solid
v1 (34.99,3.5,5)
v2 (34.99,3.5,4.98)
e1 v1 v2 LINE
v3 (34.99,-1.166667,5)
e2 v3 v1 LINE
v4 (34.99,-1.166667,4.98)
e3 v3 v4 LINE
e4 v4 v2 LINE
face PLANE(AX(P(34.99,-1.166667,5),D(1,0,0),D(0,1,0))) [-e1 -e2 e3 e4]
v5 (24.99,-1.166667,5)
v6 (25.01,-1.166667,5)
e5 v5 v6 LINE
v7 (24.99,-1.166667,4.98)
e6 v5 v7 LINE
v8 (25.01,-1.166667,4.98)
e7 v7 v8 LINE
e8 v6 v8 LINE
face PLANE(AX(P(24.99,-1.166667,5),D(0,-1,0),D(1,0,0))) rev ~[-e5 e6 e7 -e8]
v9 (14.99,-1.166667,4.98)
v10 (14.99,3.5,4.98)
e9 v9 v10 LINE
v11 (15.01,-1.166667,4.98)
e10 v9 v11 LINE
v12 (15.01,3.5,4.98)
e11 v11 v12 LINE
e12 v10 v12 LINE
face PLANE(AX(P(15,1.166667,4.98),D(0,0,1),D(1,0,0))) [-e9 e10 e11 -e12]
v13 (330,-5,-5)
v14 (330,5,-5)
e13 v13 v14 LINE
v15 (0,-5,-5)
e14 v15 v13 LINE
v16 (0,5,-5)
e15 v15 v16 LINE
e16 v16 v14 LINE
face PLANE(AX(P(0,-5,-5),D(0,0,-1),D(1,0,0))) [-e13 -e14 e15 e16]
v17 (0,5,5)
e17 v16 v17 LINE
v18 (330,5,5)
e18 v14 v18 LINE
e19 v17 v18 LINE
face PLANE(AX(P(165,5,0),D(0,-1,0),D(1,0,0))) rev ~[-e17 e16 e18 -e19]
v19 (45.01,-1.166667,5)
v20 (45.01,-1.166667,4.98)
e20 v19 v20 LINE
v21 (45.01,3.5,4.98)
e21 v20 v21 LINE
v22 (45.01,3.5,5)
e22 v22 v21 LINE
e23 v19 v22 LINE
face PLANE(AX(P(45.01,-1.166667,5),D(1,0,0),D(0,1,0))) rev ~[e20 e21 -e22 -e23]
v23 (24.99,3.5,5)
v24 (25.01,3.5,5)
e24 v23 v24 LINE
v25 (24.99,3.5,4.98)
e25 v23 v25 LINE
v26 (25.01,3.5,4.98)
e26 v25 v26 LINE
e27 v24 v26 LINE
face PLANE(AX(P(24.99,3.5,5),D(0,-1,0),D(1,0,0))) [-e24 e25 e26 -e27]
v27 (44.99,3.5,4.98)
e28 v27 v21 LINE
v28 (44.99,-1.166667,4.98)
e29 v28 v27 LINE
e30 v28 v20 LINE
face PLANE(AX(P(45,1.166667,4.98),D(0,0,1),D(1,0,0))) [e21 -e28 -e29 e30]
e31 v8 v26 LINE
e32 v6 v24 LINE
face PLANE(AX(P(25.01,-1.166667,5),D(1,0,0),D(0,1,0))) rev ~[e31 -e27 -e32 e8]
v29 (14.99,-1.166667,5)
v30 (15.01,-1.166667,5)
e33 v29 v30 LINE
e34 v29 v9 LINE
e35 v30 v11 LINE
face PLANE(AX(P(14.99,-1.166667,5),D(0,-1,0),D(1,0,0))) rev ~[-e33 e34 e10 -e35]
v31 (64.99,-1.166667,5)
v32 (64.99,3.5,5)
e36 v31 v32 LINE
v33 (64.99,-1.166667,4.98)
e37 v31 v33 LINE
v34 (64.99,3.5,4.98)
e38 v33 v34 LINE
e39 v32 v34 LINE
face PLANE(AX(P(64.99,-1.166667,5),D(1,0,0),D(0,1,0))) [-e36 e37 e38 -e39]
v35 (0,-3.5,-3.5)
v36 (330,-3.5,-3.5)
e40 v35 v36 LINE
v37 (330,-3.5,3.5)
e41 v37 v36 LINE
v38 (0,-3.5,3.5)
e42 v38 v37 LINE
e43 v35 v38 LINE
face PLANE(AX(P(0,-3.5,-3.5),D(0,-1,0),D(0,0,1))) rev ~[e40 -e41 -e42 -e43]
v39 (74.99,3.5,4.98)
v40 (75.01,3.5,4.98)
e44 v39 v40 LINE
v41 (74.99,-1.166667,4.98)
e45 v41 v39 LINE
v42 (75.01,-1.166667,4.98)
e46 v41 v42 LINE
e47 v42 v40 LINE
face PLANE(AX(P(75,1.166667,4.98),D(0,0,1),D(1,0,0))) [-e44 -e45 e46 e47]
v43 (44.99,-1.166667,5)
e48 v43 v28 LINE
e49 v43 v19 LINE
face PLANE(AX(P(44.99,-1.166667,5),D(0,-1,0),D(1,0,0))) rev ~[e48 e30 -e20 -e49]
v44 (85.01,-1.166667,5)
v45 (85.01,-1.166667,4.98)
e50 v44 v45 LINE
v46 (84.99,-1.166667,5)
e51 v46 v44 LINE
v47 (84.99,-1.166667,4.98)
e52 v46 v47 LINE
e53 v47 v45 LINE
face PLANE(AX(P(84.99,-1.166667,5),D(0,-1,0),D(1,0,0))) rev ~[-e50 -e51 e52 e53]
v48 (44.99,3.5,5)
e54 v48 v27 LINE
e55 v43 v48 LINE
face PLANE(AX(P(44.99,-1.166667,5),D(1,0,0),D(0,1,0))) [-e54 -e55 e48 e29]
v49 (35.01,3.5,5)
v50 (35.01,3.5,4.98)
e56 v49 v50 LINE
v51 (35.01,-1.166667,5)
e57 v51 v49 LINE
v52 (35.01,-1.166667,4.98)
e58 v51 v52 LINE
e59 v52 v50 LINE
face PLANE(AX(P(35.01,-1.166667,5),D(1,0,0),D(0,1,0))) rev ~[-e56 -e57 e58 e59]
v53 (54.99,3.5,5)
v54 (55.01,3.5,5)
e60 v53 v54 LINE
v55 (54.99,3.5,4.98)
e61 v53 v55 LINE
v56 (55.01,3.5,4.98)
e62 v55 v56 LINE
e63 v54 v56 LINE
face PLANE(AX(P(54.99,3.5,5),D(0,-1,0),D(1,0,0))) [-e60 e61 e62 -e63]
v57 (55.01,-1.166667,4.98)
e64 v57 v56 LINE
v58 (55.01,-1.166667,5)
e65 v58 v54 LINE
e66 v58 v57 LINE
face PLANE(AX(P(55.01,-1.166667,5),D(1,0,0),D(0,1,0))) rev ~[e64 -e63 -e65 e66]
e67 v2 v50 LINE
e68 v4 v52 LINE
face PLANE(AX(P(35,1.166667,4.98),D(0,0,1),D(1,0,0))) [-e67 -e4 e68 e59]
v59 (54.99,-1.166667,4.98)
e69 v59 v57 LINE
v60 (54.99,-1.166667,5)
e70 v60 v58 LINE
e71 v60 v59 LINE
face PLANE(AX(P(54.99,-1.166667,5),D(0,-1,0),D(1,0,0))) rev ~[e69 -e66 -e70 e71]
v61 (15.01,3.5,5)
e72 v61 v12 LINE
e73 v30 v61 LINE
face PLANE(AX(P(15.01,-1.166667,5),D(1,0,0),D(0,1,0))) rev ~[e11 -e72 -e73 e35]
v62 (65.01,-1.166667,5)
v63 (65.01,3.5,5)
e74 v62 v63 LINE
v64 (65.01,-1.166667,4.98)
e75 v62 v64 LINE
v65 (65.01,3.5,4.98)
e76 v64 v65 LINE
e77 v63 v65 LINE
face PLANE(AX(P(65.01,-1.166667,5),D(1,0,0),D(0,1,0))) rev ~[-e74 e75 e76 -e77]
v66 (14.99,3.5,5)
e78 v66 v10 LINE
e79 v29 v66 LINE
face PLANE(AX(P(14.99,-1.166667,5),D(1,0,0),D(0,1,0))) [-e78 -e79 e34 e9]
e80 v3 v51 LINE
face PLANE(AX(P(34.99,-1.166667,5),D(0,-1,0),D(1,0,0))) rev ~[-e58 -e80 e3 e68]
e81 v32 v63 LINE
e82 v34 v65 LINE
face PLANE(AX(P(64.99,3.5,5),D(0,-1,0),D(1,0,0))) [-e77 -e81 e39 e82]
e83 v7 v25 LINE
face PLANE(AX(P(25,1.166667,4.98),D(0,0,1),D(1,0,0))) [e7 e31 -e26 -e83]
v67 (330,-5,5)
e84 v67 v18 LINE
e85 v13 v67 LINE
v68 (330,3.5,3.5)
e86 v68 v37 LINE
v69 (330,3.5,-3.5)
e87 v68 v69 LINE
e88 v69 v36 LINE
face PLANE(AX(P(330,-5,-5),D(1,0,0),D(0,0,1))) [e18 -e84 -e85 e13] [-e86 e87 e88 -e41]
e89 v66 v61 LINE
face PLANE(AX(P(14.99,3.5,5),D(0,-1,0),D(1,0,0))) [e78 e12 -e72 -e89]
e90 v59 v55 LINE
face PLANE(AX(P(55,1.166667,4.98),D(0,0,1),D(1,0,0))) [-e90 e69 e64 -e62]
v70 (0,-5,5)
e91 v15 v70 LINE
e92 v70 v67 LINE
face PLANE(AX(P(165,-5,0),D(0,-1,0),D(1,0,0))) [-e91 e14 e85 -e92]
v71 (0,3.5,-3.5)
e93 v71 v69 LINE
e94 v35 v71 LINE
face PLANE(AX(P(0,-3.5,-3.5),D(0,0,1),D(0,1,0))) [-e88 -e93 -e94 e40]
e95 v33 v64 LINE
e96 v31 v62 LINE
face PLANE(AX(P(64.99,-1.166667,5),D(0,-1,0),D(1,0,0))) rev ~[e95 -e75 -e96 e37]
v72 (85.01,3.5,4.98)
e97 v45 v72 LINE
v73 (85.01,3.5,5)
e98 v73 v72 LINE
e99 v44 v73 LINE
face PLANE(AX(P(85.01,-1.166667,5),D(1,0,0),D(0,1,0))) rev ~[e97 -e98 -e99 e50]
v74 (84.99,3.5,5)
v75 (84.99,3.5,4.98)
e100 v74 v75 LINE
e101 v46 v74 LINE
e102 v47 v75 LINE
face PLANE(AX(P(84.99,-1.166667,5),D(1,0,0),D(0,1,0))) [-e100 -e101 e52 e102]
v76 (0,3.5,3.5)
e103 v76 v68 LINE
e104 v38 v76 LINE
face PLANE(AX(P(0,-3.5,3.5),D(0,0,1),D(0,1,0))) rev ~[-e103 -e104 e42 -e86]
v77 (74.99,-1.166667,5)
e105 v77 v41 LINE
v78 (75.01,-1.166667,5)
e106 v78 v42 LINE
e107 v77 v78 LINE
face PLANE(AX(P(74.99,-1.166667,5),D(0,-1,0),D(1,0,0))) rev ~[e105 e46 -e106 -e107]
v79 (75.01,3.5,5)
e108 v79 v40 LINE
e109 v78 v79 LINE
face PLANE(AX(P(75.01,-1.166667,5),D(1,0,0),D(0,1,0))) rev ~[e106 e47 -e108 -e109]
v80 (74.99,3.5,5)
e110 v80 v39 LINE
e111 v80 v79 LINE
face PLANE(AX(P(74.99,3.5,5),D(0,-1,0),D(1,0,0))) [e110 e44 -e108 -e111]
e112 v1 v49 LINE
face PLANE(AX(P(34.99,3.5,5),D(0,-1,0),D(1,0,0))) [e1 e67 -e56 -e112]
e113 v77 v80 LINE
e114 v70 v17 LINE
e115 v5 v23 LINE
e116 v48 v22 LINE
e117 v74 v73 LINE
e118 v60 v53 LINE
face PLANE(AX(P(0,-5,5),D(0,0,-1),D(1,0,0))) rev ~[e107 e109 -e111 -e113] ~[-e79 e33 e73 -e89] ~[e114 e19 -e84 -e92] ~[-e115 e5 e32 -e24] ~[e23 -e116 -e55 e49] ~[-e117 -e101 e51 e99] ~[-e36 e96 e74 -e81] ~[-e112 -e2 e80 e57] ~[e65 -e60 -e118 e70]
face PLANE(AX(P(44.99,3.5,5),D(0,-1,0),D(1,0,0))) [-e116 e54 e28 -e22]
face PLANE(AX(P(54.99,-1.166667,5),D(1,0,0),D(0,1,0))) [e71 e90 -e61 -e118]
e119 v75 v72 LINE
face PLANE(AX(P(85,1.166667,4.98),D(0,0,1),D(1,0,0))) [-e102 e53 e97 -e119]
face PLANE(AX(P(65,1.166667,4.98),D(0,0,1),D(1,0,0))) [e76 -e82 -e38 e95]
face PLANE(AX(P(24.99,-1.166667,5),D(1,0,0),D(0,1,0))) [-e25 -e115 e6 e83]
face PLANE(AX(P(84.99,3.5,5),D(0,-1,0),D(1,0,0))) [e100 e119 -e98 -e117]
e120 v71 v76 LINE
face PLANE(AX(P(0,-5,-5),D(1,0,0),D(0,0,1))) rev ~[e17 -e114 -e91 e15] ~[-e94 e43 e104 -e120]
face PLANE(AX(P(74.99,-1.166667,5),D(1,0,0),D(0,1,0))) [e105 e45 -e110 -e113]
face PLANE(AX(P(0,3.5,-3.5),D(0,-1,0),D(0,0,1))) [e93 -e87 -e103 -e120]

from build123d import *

# Parameters (mm, degrees)
CROQUIS1_W              = 330
CROQUIS1_H              = 10
SALIENTE_EXTRUIR1_DEPTH = 10
CROQUIS2_W              = 7
CROQUIS2_H              = 7
CORTAR_EXTRUIR1_DEPTH   = 331.075748882
CROQUIS3_W              = 0.02
CROQUIS3_H              = 4.666666667
CORTAR_EXTRUIR2_DEPTH   = 0.02
CROQUIS4_W              = 0.02
CROQUIS4_H              = 4.666666667
CORTAR_EXTRUIR3_DEPTH   = 0.02
CROQUIS5_W              = 0.02
CROQUIS5_H              = 4.666666667
CORTAR_EXTRUIR4_DEPTH   = 0.02
CROQUIS6_W              = 0.02
CROQUIS6_H              = 4.666666667
CORTAR_EXTRUIR5_DEPTH   = 0.02
CROQUIS7_W              = 0.02
CROQUIS7_H              = 4.666666667
CORTAR_EXTRUIR6_DEPTH   = 0.02
CROQUIS8_W              = 0.02
CROQUIS8_H              = 4.666666667
CORTAR_EXTRUIR7_DEPTH   = 0.02
CROQUIS9_W              = 0.02
CROQUIS9_H              = 4.666666667
CORTAR_EXTRUIR8_DEPTH   = 0.02
CROQUIS10_W             = 0.02
CROQUIS10_H             = 4.666666667
CORTAR_EXTRUIR9_DEPTH   = 0.02


with BuildPart() as part:
    # Croquis1 → Saliente-Extruir1 (new body)
    with BuildSketch(Plane.XZ.offset(5)):
        with Locations((165, 0)):
            Rectangle(CROQUIS1_W, CROQUIS1_H)
    extrude(amount=-SALIENTE_EXTRUIR1_DEPTH)

    # Croquis2 → Cortar-Extruir1 (cut, through all)
    with BuildSketch(Plane.ZY):
        Rectangle(CROQUIS2_W, CROQUIS2_H)
    extrude(amount=-CORTAR_EXTRUIR1_DEPTH, mode=Mode.SUBTRACT)

    # Croquis3 → Cortar-Extruir2 (cut)
    with BuildSketch(Plane.XY.offset(5)):
        with Locations((25, 1.166666666)):
            Rectangle(CROQUIS3_W, CROQUIS3_H)
    extrude(amount=-CORTAR_EXTRUIR2_DEPTH, mode=Mode.SUBTRACT)

    # Croquis4 → Cortar-Extruir3 (cut)
    with BuildSketch(Plane.XY.offset(5)):
        with Locations((35, 1.166666666)):
            Rectangle(CROQUIS4_W, CROQUIS4_H)
    extrude(amount=-CORTAR_EXTRUIR3_DEPTH, mode=Mode.SUBTRACT)

    # Croquis5 → Cortar-Extruir4 (cut)
    with BuildSketch(Plane.XY.offset(5)):
        with Locations((45, 1.166666666)):
            Rectangle(CROQUIS5_W, CROQUIS5_H)
    extrude(amount=-CORTAR_EXTRUIR4_DEPTH, mode=Mode.SUBTRACT)

    # Croquis6 → Cortar-Extruir5 (cut)
    with BuildSketch(Plane.XY.offset(5)):
        with Locations((55, 1.166666666)):
            Rectangle(CROQUIS6_W, CROQUIS6_H)
    extrude(amount=-CORTAR_EXTRUIR5_DEPTH, mode=Mode.SUBTRACT)

    # Croquis7 → Cortar-Extruir6 (cut)
    with BuildSketch(Plane.XY.offset(5)):
        with Locations((65, 1.166666666)):
            Rectangle(CROQUIS7_W, CROQUIS7_H)
    extrude(amount=-CORTAR_EXTRUIR6_DEPTH, mode=Mode.SUBTRACT)

    # Croquis8 → Cortar-Extruir7 (cut)
    with BuildSketch(Plane.XY.offset(5)):
        with Locations((75, 1.166666666)):
            Rectangle(CROQUIS8_W, CROQUIS8_H)
    extrude(amount=-CORTAR_EXTRUIR7_DEPTH, mode=Mode.SUBTRACT)

    # Croquis9 → Cortar-Extruir8 (cut)
    with BuildSketch(Plane.XY.offset(5)):
        with Locations((85, 1.166666666)):
            Rectangle(CROQUIS9_W, CROQUIS9_H)
    extrude(amount=-CORTAR_EXTRUIR8_DEPTH, mode=Mode.SUBTRACT)

    # Croquis10 → Cortar-Extruir9 (cut)
    with BuildSketch(Plane.XY.offset(5)):
        with Locations((15, 1.166666666)):
            Rectangle(CROQUIS10_W, CROQUIS10_H)
    extrude(amount=-CORTAR_EXTRUIR9_DEPTH, mode=Mode.SUBTRACT)


solid = part.part
